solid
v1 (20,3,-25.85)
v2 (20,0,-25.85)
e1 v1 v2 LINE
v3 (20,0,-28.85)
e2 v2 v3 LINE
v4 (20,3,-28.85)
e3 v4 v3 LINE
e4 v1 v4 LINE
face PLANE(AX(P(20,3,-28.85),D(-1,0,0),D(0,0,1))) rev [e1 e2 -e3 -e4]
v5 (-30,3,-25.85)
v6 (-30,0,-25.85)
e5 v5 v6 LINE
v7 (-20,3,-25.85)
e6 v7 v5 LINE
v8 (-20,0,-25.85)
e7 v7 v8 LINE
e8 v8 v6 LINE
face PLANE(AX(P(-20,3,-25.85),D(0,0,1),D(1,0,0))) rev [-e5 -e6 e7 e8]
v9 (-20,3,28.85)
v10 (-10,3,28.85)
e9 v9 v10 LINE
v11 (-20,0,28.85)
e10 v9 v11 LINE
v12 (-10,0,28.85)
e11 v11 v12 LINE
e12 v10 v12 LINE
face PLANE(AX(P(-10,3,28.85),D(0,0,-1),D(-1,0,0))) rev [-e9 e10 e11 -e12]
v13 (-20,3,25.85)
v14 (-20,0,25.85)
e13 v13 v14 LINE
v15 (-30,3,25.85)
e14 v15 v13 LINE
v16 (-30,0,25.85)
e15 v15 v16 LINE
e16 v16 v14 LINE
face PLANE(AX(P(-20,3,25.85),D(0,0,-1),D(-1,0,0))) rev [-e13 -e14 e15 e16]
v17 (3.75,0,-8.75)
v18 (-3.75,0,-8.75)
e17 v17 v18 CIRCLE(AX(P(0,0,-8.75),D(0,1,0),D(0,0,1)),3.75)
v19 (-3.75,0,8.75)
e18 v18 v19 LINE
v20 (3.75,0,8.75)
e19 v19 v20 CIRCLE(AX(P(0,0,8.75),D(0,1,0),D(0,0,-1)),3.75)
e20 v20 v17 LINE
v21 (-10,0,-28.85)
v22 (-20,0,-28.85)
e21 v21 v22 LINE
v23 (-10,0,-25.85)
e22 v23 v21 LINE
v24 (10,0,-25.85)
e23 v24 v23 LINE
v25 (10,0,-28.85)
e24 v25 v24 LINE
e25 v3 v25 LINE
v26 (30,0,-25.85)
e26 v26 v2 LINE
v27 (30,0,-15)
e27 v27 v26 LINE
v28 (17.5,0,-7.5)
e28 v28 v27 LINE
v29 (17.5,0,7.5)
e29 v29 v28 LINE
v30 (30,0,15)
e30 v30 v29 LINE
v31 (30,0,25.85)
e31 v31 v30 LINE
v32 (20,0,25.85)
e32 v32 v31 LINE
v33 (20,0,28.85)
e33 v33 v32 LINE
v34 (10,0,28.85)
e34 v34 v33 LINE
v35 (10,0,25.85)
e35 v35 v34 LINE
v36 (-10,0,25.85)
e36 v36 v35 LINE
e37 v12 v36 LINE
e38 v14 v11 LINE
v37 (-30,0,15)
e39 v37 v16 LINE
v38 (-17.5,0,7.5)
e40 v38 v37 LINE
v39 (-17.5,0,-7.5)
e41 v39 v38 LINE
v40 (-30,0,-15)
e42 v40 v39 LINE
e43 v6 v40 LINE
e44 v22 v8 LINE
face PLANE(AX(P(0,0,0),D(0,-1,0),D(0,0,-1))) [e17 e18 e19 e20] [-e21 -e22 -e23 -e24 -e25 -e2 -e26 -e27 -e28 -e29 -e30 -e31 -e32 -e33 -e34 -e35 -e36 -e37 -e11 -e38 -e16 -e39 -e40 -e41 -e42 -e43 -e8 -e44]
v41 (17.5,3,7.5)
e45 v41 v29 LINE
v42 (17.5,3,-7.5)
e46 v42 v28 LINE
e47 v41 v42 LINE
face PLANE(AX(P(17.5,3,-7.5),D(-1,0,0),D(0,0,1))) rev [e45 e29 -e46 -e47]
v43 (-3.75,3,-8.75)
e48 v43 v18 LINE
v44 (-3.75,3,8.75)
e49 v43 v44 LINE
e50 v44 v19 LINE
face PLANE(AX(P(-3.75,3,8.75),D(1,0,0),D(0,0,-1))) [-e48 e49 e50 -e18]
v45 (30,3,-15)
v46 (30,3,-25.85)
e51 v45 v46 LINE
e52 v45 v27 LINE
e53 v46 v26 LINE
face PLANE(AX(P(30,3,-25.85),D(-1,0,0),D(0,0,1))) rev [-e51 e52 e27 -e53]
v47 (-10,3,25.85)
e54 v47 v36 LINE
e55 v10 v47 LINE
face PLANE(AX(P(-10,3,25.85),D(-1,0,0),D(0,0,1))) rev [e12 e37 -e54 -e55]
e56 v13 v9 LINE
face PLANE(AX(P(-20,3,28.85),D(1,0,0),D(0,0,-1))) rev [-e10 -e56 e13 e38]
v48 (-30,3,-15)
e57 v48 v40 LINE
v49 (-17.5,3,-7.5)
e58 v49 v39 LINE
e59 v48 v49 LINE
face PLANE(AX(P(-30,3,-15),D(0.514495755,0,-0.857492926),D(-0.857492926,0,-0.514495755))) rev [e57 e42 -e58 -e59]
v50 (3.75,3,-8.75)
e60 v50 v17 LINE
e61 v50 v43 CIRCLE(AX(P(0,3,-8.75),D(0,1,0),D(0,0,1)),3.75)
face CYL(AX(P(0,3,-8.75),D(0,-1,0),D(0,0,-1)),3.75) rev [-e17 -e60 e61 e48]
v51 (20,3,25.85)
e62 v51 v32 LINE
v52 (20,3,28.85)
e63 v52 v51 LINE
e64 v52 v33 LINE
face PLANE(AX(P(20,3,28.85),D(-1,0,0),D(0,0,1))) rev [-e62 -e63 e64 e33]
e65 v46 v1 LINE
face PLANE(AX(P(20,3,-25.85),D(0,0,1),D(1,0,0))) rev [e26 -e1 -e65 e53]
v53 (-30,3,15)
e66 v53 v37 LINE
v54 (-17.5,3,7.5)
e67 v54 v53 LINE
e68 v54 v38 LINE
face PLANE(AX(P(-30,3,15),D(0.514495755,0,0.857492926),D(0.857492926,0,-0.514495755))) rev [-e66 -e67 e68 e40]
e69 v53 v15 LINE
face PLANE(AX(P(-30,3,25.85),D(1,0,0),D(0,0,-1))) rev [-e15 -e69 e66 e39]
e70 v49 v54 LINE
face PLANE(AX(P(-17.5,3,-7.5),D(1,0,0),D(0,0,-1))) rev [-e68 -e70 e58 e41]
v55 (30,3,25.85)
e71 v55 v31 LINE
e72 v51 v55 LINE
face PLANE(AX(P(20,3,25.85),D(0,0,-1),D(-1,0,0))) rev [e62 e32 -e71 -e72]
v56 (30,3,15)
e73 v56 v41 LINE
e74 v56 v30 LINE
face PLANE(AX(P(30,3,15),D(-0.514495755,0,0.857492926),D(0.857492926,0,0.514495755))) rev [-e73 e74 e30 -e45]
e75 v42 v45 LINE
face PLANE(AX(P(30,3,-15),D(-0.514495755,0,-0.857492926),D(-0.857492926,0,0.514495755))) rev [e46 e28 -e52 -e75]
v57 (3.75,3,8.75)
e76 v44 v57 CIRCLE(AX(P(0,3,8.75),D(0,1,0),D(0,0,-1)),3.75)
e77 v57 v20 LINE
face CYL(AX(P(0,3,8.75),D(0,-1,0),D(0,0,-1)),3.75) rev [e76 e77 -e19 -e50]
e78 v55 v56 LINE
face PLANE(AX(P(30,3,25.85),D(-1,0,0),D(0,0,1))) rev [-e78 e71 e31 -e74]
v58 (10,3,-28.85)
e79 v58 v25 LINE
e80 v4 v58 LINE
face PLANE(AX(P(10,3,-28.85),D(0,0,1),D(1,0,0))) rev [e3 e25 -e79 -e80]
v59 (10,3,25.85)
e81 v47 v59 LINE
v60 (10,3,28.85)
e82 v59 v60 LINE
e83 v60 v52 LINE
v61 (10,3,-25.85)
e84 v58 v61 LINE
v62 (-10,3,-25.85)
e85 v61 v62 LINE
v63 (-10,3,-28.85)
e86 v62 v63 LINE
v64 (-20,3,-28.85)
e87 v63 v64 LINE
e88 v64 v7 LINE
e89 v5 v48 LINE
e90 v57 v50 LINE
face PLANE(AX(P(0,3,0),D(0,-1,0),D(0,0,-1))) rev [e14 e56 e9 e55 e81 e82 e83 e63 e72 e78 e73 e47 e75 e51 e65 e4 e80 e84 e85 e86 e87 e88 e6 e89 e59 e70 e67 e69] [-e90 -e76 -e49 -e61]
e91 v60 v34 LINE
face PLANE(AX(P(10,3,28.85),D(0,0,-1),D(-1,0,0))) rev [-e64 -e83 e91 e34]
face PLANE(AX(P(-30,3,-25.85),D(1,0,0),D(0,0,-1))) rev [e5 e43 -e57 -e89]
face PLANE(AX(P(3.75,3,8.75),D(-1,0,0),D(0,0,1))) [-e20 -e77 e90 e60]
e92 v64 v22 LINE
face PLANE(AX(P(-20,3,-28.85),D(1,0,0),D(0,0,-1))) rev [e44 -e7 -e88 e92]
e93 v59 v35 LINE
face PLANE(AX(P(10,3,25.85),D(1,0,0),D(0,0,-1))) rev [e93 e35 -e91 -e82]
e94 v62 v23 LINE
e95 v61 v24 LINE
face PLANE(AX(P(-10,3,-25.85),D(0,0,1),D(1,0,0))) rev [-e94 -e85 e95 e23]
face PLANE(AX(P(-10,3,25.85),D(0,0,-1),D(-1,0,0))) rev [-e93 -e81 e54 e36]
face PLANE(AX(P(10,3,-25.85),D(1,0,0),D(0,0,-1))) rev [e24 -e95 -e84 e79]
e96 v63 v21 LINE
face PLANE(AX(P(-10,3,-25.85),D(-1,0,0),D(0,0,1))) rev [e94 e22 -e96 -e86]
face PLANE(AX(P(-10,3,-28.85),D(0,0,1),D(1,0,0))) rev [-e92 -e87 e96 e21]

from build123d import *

# Parameters (mm, degrees)
EXTRUDE_1_DEPTH = 3


with BuildPart() as part:
    # 草图2 → 凸台-拉伸1 (new body)
    with BuildSketch(Plane(origin=(0, 0, 0), x_dir=(1, 0, 0), z_dir=(0, 1, 0))):
        Polygon((-10, 25.85), (10, 25.85), (10, 28.85), (20, 28.85), (20, 25.85), (30, 25.85), (30, 15), (17.5, 7.5), (17.5, -7.5), (30, -15), (30, -25.85), (20, -25.85), (20, -28.85), (10, -28.85), (10, -25.85), (-10, -25.85), (-10, -28.85), (-20, -28.85), (-20, -25.85), (-30, -25.85), (-30, -15), (-17.5, -7.5), (-17.5, 7.5), (-30, 15), (-30, 25.85), (-20, 25.85), (-20, 28.85), (-10, 28.85), align=None)
        with BuildLine():
            Line((3.75, -8.75), (3.75, 8.75))
            ThreePointArc((3.75, 8.75), (0, 12.5), (-3.75, 8.75))
            Line((-3.75, 8.75), (-3.75, -8.75))
            ThreePointArc((-3.75, -8.75), (0, -12.5), (3.75, -8.75))
        make_face(mode=Mode.SUBTRACT)
    extrude(amount=EXTRUDE_1_DEPTH)


solid = part.part
